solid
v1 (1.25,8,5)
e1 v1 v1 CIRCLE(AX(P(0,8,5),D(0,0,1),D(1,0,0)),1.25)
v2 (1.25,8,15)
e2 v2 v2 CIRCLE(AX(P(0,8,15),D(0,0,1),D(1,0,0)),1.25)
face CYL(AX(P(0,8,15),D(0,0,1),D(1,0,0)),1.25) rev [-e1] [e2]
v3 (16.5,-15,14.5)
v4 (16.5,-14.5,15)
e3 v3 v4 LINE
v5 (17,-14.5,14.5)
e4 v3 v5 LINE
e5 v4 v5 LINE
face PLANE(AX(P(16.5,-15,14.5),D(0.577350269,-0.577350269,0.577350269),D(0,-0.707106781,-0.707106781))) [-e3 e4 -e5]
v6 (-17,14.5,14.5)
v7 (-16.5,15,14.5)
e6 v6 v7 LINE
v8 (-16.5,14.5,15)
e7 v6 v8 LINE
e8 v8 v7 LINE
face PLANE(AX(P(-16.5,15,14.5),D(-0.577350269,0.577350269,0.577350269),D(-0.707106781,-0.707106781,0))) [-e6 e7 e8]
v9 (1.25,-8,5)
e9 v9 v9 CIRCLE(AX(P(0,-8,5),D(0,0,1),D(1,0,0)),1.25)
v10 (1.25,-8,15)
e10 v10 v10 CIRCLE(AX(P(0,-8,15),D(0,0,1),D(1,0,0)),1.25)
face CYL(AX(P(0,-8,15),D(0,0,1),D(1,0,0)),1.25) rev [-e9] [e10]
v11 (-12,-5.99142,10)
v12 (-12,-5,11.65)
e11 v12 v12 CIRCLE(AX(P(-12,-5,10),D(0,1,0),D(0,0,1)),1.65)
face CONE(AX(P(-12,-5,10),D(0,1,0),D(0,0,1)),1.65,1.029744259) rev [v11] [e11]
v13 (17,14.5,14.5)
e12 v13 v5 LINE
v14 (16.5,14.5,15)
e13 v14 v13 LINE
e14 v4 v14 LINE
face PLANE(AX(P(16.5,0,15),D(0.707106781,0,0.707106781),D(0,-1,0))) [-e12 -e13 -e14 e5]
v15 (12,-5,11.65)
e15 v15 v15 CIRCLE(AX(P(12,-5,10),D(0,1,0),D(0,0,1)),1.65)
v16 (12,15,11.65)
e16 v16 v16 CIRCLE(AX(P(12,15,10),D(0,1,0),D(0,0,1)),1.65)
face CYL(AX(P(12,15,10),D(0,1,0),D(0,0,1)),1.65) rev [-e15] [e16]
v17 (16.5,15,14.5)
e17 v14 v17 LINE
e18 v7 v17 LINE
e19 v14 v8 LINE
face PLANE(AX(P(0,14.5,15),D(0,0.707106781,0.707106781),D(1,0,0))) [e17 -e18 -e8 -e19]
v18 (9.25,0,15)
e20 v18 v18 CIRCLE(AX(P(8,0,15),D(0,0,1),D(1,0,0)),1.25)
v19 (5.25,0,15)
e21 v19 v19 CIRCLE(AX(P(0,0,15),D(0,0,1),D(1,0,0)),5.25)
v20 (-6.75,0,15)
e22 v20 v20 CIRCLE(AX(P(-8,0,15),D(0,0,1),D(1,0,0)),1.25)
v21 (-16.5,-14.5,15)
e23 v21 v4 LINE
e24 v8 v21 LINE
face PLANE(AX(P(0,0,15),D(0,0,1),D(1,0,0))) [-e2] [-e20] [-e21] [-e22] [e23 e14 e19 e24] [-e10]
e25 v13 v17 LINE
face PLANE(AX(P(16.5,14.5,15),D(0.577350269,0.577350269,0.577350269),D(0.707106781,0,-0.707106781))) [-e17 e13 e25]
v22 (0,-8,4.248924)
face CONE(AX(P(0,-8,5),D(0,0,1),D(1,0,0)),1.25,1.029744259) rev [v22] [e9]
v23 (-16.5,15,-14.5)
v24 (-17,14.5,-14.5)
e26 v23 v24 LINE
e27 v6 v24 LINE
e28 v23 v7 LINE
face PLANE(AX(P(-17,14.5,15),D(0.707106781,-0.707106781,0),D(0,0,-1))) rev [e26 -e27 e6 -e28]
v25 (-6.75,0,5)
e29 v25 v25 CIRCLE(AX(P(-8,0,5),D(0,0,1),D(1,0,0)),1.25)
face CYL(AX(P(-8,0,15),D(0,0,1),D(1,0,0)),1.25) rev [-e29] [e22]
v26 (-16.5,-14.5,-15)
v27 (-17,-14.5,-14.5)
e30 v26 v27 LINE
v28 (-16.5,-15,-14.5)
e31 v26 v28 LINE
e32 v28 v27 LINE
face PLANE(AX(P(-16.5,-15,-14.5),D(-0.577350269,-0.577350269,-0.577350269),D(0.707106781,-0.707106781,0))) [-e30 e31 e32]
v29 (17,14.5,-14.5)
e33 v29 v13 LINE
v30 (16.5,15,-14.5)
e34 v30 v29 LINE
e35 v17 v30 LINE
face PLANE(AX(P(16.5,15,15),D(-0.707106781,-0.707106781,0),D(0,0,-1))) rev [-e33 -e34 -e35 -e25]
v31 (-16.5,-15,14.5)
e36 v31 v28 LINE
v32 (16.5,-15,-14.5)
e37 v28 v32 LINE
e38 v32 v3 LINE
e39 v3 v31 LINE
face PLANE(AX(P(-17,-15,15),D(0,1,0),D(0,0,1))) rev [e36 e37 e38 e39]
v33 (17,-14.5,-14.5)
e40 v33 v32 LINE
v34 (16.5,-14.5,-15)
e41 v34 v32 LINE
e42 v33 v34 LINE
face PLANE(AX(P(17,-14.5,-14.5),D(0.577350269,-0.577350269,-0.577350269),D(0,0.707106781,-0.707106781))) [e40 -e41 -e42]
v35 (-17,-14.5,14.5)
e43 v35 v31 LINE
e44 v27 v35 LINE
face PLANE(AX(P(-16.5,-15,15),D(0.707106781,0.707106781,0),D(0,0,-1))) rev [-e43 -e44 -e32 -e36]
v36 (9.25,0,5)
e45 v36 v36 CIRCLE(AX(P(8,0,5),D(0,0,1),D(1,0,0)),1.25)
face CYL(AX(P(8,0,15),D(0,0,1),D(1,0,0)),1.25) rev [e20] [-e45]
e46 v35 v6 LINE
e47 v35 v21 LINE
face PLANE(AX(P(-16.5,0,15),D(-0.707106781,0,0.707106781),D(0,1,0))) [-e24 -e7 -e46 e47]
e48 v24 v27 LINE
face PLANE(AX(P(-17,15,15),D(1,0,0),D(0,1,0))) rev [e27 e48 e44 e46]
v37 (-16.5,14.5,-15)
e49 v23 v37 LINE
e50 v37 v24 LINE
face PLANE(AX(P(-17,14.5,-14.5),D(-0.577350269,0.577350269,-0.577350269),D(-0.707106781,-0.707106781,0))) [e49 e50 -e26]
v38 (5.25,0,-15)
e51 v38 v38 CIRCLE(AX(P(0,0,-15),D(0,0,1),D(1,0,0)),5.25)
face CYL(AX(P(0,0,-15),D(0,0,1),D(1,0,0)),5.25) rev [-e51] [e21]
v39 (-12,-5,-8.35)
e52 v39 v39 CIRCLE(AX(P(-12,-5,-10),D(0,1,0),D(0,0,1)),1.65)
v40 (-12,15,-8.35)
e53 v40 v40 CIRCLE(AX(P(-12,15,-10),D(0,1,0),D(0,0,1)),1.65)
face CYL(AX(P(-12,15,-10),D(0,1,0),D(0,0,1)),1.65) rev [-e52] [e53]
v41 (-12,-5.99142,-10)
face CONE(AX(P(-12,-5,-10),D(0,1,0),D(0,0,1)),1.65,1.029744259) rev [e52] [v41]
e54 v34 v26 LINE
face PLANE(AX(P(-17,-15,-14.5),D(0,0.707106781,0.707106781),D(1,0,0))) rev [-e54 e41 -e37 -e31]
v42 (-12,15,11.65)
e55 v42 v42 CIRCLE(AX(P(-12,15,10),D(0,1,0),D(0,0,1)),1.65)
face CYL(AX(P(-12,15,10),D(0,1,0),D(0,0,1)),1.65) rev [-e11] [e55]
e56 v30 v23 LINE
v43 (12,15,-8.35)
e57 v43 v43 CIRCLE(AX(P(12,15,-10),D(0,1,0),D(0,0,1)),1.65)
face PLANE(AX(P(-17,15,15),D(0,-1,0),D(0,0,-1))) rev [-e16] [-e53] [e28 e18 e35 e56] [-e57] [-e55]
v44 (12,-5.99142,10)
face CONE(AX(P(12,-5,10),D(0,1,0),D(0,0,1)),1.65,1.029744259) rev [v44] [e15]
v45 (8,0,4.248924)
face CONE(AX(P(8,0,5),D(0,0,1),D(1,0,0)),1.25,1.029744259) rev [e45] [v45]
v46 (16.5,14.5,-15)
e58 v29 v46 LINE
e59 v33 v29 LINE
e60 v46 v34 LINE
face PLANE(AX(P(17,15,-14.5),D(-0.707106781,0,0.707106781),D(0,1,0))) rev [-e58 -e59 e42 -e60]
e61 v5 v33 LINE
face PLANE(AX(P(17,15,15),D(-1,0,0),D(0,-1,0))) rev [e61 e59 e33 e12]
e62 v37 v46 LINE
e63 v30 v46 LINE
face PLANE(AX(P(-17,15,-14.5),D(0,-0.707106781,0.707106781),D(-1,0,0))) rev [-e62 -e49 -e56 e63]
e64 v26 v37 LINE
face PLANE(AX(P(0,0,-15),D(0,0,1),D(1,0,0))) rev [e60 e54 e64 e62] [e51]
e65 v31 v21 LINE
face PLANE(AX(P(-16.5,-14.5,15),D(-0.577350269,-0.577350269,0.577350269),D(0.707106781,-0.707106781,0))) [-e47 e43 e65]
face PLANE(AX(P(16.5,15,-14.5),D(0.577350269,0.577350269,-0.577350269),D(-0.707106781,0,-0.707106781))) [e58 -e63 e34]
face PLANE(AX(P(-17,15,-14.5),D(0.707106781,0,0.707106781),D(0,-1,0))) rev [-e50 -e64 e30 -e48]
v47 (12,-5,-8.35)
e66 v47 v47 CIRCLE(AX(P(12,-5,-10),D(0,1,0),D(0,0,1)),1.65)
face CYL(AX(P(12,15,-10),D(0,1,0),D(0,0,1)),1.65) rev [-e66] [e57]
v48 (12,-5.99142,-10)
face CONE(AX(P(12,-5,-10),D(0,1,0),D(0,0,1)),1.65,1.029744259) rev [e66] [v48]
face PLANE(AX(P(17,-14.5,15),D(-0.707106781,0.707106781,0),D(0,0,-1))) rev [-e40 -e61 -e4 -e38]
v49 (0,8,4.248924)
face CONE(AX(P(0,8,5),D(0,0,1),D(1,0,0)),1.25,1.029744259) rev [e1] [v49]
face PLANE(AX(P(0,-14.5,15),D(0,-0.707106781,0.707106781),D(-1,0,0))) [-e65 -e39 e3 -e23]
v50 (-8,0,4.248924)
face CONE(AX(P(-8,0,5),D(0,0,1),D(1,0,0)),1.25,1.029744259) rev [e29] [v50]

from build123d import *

# Parameters (mm, degrees)
SKETCH_1_W          = 34
SKETCH_1_H          = 30
EXTRUDE_1_DEPTH     = 15
SKETCH_3_R          = 5.25
CUT_EXTRUDE_1_DEPTH = 31
M3X0_5_1_D          = 2.5
M3X0_5_1_DEPTH      = 10
M3X0_5_1_TIP        = 0.751075774
M4X0_7_1_D          = 3.3
M4X0_7_1_DEPTH      = 20
M4X0_7_1_TIP        = 0.991420021
CHAMFER1_SIZE       = 0.5


with BuildPart() as part:
    # 草圖1 → 填料-伸長1 (new body, symmetric)
    with BuildSketch(Plane.XY):
        Rectangle(SKETCH_1_W, SKETCH_1_H)
    extrude(amount=EXTRUDE_1_DEPTH, both=True)

    # 草圖3 → 除料-伸長1 (cut, through all)
    with BuildSketch(Plane.XY.offset(15)):
        Circle(SKETCH_3_R)
    extrude(amount=-CUT_EXTRUDE_1_DEPTH, mode=Mode.SUBTRACT)

    # M3x0.5 螺紋孔1
    with Locations(Plane.XY.offset(15)):
        with Locations((8, 0), (-8, 0), (0, 8), (0, -8)):
            Hole(M3X0_5_1_D / 2, depth=M3X0_5_1_DEPTH)
            with Locations((0, 0, -(M3X0_5_1_DEPTH + M3X0_5_1_TIP / 2))):  # 118° drill point
                Cone(0, M3X0_5_1_D / 2, M3X0_5_1_TIP, mode=Mode.SUBTRACT)

    # M4x0.7 螺紋孔1
    with Locations(Plane(origin=(0, 15, 0), x_dir=(1, 0, 0), z_dir=(0, 1, 0))):
        with Locations((12, -10), (-12, 10), (-12, -10), (12, 10)):
            Hole(M4X0_7_1_D / 2, depth=M4X0_7_1_DEPTH)
            with Locations((0, 0, -(M4X0_7_1_DEPTH + M4X0_7_1_TIP / 2))):  # 118° drill point
                Cone(0, M4X0_7_1_D / 2, M4X0_7_1_TIP, mode=Mode.SUBTRACT)

    # Chamfer1
    chamfer1_edges = [part.edges().sort_by_distance(p)[0] for p in [
        (-17, 0, 15),
        (0, -15, 15),
        (17, 0, 15),
        (0, -15, -15),
        (-17, 0, -15),
        (0, 15, -15),
        (17, 0, -15),
        (0, 15, 15),
        (17, -15, 0),
        (-17, -15, 0),
        (-17, 15, 0),
        (17, 15, 0),
    ]]
    chamfer(chamfer1_edges, length=CHAMFER1_SIZE)


solid = part.part
